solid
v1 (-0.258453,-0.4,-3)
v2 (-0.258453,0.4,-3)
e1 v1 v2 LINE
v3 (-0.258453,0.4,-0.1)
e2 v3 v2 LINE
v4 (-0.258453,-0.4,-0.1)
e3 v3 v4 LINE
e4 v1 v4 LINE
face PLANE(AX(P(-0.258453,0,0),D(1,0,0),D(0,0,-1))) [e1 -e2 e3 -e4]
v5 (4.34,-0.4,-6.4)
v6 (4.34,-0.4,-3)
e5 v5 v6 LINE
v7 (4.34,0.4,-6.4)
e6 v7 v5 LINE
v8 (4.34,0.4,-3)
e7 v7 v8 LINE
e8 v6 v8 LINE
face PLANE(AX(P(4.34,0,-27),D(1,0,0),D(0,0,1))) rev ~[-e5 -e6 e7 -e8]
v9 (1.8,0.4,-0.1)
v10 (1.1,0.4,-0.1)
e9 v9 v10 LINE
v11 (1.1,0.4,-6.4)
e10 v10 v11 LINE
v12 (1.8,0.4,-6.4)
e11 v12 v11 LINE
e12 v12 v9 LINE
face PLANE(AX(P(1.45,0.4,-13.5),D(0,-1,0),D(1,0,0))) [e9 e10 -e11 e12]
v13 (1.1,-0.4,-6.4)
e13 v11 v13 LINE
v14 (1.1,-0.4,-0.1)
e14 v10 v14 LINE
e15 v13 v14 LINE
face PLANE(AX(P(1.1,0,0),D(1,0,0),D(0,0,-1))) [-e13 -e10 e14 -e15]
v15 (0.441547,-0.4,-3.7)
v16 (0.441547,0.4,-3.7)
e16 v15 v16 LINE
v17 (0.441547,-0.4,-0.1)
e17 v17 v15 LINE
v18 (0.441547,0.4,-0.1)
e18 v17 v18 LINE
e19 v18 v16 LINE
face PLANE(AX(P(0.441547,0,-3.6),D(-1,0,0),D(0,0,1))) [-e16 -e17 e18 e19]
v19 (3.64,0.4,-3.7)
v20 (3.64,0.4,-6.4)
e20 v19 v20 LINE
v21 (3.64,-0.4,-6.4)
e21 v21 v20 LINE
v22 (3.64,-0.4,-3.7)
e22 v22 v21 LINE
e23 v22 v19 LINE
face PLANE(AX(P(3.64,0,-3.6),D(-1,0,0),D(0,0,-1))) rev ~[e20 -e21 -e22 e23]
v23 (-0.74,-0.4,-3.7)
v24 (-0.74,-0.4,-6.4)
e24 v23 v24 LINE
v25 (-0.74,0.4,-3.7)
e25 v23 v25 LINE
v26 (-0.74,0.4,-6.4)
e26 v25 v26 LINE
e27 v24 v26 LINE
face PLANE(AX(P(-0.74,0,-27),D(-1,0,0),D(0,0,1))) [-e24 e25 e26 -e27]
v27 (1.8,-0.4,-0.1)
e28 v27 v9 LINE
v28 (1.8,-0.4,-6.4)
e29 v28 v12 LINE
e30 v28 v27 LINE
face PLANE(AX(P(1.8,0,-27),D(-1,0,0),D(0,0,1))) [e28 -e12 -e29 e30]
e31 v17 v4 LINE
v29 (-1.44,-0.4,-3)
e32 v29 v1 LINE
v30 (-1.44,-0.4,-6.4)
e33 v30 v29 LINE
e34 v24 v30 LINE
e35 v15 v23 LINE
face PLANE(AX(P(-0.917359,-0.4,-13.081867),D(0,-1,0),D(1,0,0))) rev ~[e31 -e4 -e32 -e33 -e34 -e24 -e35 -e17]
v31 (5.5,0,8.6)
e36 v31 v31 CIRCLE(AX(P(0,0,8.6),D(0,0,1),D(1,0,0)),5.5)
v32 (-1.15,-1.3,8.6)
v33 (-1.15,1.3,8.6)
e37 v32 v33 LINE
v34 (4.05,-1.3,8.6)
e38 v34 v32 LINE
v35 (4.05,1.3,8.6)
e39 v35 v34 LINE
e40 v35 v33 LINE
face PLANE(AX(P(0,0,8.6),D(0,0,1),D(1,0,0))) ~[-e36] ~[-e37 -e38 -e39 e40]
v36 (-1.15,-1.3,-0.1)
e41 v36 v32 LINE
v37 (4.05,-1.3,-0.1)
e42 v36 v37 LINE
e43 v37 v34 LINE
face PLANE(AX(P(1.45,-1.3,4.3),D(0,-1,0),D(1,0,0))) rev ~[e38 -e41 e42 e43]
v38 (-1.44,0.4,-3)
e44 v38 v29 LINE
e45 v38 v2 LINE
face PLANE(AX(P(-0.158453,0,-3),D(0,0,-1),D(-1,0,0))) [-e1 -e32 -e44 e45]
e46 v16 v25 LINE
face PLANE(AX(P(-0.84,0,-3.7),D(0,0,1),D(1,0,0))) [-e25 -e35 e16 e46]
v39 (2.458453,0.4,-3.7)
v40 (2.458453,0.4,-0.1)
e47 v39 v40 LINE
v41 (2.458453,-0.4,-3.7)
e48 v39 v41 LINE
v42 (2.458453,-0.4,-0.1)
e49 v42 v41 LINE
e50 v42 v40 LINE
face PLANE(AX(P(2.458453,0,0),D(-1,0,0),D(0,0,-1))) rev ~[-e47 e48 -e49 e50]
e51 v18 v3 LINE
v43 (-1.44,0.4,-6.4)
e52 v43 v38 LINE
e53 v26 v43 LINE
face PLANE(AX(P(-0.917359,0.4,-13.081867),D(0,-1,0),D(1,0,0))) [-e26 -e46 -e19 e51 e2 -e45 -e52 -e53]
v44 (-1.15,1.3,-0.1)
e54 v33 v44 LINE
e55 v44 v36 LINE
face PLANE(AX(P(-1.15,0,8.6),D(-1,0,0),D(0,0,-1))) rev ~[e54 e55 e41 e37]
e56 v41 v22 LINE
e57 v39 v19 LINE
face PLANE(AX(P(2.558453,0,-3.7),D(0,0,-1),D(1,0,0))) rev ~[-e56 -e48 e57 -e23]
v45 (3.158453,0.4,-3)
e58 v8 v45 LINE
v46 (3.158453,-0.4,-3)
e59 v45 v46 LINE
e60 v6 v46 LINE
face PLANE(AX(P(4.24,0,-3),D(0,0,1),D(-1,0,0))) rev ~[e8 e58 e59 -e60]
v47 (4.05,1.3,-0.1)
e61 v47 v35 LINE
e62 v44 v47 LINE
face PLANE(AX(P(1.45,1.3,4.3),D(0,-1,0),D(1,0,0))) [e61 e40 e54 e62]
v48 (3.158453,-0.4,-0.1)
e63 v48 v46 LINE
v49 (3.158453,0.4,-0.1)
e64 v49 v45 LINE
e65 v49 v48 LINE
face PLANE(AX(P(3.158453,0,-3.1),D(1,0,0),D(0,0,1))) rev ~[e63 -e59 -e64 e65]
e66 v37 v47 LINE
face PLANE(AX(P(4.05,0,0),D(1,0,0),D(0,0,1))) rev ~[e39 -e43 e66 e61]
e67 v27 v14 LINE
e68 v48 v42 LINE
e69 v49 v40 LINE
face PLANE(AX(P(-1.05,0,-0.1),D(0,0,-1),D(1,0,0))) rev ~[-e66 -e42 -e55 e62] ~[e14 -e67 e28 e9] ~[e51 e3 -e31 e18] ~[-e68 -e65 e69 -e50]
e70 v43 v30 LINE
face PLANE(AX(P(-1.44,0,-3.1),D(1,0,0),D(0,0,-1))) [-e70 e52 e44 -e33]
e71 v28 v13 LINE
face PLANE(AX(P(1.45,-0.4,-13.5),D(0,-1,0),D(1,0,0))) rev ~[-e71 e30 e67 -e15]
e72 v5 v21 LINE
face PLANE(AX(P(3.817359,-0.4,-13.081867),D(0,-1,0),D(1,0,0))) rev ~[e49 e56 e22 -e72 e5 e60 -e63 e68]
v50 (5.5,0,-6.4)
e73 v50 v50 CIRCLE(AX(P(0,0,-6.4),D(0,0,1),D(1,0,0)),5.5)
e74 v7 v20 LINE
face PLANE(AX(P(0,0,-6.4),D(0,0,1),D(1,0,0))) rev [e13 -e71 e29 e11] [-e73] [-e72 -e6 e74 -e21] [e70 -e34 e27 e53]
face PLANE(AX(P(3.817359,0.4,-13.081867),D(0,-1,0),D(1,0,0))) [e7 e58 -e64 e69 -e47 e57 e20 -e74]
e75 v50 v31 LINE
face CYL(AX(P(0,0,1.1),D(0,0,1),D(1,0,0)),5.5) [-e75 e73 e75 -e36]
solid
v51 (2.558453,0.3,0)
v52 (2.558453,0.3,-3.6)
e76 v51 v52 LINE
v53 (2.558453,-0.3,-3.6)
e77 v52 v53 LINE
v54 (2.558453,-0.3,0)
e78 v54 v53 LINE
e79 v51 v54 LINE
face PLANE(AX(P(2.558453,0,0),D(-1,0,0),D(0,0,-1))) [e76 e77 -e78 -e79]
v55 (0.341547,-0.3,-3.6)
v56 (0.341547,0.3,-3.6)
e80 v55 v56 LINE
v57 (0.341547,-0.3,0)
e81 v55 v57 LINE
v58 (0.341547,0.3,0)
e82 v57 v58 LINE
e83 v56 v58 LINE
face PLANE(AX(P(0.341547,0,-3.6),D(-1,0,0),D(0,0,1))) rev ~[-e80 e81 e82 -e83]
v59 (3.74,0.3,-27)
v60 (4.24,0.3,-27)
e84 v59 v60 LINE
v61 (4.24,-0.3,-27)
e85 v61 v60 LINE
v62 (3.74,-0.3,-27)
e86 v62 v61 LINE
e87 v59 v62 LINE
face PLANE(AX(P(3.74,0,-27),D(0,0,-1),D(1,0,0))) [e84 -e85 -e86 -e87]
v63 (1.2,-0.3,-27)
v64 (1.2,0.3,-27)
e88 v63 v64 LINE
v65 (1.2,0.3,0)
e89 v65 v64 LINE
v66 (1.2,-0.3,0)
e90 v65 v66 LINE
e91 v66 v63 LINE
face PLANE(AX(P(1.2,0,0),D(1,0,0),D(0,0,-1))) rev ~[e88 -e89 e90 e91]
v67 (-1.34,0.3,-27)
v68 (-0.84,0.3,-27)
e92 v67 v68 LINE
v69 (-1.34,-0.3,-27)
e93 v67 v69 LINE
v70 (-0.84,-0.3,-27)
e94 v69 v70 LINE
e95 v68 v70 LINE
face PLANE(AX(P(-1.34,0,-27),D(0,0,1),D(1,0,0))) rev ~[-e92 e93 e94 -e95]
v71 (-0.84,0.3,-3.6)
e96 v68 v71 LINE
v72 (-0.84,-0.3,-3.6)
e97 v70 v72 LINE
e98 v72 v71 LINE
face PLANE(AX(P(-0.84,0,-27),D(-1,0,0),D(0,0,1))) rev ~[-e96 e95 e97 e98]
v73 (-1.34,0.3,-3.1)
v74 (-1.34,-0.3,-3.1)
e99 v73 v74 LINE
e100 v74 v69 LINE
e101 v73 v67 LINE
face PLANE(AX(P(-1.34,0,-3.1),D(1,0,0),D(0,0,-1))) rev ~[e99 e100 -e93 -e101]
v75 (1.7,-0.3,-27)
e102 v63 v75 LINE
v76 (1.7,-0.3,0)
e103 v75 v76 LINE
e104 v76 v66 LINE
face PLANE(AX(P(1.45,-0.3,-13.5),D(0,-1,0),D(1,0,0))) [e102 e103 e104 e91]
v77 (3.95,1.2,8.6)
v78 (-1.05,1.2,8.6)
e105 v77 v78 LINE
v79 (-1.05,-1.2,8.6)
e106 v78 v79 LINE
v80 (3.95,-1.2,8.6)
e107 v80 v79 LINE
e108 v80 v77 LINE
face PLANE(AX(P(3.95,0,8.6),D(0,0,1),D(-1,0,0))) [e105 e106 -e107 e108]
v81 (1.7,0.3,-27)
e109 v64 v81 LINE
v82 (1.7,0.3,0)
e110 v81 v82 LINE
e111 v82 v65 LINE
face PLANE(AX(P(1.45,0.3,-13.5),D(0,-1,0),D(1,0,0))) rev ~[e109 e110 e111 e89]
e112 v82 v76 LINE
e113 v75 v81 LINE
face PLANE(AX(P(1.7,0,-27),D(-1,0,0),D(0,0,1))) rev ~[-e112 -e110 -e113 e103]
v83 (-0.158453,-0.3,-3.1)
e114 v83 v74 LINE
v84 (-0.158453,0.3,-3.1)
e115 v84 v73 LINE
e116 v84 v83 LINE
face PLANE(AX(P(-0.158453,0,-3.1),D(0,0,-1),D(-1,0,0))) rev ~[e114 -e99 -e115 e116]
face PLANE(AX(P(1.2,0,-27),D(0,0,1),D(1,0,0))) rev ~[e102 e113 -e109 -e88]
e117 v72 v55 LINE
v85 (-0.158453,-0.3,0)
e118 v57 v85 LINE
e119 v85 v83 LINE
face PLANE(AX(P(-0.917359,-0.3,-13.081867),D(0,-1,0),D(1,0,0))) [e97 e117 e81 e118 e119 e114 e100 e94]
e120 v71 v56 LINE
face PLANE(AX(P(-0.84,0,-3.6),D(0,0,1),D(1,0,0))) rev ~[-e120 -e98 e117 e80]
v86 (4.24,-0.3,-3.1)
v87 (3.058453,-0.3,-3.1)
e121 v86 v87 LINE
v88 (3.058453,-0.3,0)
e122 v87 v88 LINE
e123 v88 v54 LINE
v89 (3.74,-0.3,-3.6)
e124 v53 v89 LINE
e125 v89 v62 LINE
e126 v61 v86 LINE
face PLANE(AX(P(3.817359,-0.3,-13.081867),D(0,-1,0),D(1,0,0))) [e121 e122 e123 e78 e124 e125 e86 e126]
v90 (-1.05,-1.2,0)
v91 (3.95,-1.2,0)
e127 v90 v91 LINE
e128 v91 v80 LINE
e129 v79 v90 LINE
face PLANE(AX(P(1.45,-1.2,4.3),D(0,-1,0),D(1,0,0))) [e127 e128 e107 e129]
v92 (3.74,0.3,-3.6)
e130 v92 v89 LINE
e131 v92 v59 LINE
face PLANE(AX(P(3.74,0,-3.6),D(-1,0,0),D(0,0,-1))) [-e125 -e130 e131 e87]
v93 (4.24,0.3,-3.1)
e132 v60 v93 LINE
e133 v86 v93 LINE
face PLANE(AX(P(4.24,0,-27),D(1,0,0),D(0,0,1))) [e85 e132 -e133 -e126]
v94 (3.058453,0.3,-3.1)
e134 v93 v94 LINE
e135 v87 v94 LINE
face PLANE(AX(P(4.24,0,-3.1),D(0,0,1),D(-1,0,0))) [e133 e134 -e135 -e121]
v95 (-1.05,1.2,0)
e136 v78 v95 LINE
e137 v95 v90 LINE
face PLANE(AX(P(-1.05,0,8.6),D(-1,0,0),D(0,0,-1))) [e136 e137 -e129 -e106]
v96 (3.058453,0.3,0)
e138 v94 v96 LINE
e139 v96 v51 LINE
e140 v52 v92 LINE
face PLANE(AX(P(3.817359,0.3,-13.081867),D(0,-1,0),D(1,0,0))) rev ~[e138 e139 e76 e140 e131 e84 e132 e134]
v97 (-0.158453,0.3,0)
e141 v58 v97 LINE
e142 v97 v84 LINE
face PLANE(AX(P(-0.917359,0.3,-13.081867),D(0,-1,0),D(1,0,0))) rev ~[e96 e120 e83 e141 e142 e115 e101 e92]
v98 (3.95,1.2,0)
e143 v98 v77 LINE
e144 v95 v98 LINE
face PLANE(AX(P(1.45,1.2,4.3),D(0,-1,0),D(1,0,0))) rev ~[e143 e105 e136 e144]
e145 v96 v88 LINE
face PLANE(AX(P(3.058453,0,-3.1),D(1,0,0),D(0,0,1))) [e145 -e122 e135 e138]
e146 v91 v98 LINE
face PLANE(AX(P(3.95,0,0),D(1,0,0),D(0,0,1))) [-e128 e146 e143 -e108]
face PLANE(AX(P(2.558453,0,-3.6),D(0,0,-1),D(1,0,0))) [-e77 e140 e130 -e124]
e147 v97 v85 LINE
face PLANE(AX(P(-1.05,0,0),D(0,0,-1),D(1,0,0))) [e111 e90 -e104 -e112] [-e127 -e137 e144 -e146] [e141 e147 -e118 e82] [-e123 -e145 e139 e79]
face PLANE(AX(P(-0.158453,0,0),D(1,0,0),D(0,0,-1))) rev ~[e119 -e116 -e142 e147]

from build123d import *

# Parameters (mm, degrees)
F3_DEPTH  = 1.2
F4_DEPTH  = 0.3
F6_W      = 5.5
F6_H      = 15
F8_OFFSET = 0.1


with BuildPart() as f3:
    # F2 (on Front) → F3 (new body, symmetric)
    with BuildSketch(Plane.XZ):
        Polygon((2.5, 8.6), (0, 8.6), (-2.5, 8.6), (-2.5, 0), (-1.6084526777, 0), (-1.1084526777, 0), (-0.25, 0), (0, 0), (0.25, 0), (1.1084526777, 0), (1.6084526777, 0), (2.5, 0), align=None)
    extrude(amount=F3_DEPTH, both=True)

    # F2 (on Front) → F4 (join, symmetric)
    with BuildSketch(Plane.XZ):
        Polygon((-1.1084526777, 0), (-1.6084526777, 0), (-1.6084526777, -3.1), (-2.79, -3.1), (-2.79, -27), (-2.29, -27), (-2.29, -3.6), (-1.1084526777, -3.6), align=None)
        Polygon((0.25, -27), (0.25, 0), (0, 0), (-0.25, 0), (-0.25, -27), (0, -27), align=None)
        Polygon((1.6084526777, -3.1), (1.6084526777, 0), (1.1084526777, 0), (1.1084526777, -3.6), (2.29, -3.6), (2.29, -27), (2.79, -27), (2.79, -3.1), align=None)
    extrude(amount=F4_DEPTH, both=True)


with BuildPart() as f3_1:
    # F5: moved
    add(f3.part.moved(Location((1.45, 0, 0))))


with BuildPart() as f7:
    # F6 (on Front) → F7 (revolve)
    with BuildSketch(Plane.XZ):
        with Locations((2.75, 1.1)):
            Rectangle(F6_W, F6_H)
    revolve(axis=Axis((0, 0, 1.1), (0, 0, 1)))

    # F8: cut F3, made larger all round first
    f8_tool = offset(f3_1.part, amount=F8_OFFSET, kind=Kind.INTERSECTION, mode=Mode.PRIVATE)
    add(f8_tool, mode=Mode.SUBTRACT)


solid = Compound([f3_1.part, f7.part])
